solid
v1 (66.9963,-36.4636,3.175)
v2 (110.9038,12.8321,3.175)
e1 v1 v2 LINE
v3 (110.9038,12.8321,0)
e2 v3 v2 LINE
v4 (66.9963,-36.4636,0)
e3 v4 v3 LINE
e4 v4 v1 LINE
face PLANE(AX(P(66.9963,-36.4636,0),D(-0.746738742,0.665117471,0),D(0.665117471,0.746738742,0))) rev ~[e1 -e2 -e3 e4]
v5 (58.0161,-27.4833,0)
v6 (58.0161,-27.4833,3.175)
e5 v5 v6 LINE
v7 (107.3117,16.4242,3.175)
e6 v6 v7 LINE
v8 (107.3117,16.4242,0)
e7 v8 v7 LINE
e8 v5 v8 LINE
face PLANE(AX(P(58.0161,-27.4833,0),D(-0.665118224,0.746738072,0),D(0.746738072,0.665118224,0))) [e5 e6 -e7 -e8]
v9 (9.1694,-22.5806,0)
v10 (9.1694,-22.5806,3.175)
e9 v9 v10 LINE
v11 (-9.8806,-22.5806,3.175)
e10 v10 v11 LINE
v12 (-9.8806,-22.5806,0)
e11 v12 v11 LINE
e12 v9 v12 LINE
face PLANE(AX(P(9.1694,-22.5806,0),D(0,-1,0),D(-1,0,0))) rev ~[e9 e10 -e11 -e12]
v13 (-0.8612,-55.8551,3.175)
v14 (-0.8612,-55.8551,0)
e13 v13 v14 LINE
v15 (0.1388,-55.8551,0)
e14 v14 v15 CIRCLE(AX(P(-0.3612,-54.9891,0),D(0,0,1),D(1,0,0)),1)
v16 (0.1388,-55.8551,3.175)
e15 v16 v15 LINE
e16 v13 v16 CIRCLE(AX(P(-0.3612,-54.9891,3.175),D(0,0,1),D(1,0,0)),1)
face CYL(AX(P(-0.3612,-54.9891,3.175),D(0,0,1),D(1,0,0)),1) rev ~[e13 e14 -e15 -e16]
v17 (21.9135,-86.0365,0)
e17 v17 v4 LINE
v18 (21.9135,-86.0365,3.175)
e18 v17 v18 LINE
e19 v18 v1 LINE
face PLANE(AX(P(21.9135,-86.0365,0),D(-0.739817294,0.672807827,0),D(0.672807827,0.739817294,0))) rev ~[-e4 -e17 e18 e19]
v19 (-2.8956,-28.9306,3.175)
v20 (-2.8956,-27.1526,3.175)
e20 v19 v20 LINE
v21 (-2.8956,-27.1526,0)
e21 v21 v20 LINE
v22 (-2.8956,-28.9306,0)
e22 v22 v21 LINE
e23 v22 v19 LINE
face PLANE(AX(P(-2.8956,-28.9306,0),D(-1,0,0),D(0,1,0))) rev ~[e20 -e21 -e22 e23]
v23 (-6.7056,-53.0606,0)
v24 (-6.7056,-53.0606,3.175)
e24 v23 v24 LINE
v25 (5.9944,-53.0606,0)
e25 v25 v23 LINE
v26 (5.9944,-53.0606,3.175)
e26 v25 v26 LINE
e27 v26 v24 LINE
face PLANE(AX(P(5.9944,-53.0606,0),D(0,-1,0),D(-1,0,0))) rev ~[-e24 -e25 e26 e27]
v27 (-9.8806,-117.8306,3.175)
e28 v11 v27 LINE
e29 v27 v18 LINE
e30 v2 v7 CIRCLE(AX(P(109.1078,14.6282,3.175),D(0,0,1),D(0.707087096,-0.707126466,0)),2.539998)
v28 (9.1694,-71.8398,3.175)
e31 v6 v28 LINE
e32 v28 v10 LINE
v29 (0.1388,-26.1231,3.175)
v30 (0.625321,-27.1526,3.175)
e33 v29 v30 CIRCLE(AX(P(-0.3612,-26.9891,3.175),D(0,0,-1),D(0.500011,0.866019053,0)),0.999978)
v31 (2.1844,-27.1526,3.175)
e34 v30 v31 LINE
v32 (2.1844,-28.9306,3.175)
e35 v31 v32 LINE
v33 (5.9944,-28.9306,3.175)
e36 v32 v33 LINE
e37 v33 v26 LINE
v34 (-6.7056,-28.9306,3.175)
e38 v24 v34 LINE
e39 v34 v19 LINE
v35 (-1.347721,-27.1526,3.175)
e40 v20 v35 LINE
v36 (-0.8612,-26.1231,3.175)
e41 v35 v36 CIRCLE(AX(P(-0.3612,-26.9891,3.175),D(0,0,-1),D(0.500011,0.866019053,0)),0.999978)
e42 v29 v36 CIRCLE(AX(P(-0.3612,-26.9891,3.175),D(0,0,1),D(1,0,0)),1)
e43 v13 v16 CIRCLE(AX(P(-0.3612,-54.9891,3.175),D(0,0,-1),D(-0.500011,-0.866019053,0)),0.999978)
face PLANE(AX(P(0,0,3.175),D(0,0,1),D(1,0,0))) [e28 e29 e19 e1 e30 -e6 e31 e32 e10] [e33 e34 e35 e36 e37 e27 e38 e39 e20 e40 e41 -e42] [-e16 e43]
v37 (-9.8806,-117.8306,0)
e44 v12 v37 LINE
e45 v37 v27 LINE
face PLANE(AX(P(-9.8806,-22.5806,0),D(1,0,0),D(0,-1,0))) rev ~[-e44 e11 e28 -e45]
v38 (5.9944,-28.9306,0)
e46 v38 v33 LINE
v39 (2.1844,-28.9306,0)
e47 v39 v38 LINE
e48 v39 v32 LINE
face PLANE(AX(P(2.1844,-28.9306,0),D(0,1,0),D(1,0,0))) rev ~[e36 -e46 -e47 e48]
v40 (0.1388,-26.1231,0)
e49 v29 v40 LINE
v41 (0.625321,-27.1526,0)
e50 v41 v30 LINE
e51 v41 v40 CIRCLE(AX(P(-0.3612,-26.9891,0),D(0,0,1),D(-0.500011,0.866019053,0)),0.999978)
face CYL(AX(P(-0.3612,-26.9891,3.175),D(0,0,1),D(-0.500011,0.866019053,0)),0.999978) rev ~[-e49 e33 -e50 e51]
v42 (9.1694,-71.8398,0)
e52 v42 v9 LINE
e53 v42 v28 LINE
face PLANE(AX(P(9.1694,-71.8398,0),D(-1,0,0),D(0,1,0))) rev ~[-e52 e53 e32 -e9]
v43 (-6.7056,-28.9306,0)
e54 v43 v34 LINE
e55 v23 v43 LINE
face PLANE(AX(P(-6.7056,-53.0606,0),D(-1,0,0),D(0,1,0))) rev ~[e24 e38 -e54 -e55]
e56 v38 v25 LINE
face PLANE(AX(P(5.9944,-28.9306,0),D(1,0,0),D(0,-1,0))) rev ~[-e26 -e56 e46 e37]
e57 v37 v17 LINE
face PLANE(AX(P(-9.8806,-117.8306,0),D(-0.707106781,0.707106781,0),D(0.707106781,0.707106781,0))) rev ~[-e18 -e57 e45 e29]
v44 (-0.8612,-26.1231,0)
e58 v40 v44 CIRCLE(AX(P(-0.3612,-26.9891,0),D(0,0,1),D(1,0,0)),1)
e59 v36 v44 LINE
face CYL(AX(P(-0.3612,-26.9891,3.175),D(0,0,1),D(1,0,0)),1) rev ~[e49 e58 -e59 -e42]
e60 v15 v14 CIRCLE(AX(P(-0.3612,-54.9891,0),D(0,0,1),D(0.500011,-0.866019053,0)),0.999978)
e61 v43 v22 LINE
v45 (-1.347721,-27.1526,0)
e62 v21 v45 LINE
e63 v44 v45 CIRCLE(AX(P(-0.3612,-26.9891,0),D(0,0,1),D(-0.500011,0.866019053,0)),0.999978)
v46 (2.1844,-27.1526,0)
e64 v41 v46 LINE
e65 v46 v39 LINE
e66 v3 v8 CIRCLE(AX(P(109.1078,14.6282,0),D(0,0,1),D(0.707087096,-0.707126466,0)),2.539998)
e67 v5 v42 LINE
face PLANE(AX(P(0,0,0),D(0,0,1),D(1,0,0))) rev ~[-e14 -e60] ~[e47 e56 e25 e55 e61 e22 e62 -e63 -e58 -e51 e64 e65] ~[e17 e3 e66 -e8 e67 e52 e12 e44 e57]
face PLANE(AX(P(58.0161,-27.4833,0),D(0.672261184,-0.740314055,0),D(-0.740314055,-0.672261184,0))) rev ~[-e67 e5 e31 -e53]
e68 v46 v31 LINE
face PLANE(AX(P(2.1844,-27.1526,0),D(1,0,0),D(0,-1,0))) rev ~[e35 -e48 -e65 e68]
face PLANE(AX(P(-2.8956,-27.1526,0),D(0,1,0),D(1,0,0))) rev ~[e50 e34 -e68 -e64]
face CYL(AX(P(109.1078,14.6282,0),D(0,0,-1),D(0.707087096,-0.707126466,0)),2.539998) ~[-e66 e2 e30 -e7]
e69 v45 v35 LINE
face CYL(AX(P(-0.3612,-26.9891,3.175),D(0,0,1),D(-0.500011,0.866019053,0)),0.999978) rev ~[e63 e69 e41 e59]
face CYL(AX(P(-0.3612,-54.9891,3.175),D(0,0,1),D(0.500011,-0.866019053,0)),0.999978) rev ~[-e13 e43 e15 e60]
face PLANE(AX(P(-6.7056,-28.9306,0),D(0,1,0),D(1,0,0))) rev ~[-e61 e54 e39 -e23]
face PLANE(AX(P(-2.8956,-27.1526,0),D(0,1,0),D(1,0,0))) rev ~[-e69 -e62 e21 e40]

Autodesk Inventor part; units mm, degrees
ref_plane "YZ Plane" through (0, 0, 0) normal (1, 0, 0) x (0, 1, 0)
ref_plane "XZ Plane" through (0, 0, 0) normal (0, 1, 0) x (-1, 0, 0)
ref_plane "XY Plane" through (0, 0, 0) normal (0, 0, 1) x (1, 0, 0)
sketch "Sketch1" plane through (0, 0, 0) normal (0, 0, 1) x (1, 0, 0)
  circle A0 centre (-2.4288, -33.7476) radius 3.75 construction
  line L0 (-6.7056, -28.9306) -> (5.9944, -28.9306)
  line L1 (5.9944, -28.9306) -> (5.9944, -53.0606)
  line L2 (5.9944, -53.0606) -> (-6.7056, -53.0606)
  line L3 (-6.7056, -53.0606) -> (-6.7056, -28.9306)
  line L4 (9.1694, -22.5806) -> (-9.8806, -22.5806)
  line L5 (-9.8806, -22.5806) -> (-9.8806, -117.8306)
  line L6 (9.1694, -71.8398) -> (9.1694, -22.5806)
  line L7 (58.0161, -27.4833) -> (9.1694, -71.8398)
  line L8 (-9.8806, -117.8306) -> (53.7075, -54.2425) construction
  line L9 (115.843, 7.893) -> (102.3726, 21.3634) construction
  line L10 (102.3726, 21.3634) -> (71.3049, -9.7044) construction
  line L11 (5.9944, -38.1) -> (9.1694, -38.1) construction
  line L12 (-6.7056, -38.1) -> (-9.8806, -38.1) construction
  line L13 (53.7075, -54.2425) -> (40.2371, -40.7721) construction
  line L14 (53.7075, -54.2425) -> (84.7753, -23.1747) construction
  line L15 (40.2371, -40.7721) -> (9.1694, -71.8398) construction
  line L16 (84.7753, -23.1747) -> (71.3049, -9.7044) construction
  line L17 (21.9135, -86.0365) -> (9.1694, -71.8398) construction
  arc A1 (107.3117, 16.4242) -> (110.9038, 12.8321) centre (109.1078, 14.6282) ccw construction
  line L18 (84.7753, -23.1747) -> (115.843, 7.893) construction
  line L19 (71.3049, -9.7044) -> (40.2371, -40.7721) construction
  line L20 (69.2414, -38.7086) -> (55.771, -25.2382) construction
  line L21 (21.9135, -86.0365) -> (66.9963, -36.4636)
  line L22 (-9.8806, -117.8306) -> (21.9135, -86.0365)
  line L23 (66.9963, -36.4636) -> (110.9038, 12.8321)
  line L24 (58.0161, -27.4833) -> (107.3117, 16.4242)
  arc A2 (110.9038, 12.8321) -> (107.3117, 16.4242) centre (109.1078, 14.6282) ccw
  line L25 (2.1844, -28.9306) -> (-2.8956, -28.9306)
  line L26 (-2.8956, -28.9306) -> (-2.8956, -27.1526)
  line L27 (-2.8956, -27.1526) -> (2.1844, -27.1526)
  line L28 (2.1844, -27.1526) -> (2.1844, -28.9306)
  line L29 (5.6388, -37.0253) -> (5.6388, -52.2891) projected
  line L30 (5.4388, -52.4891) -> (-6.1612, -52.4891) projected
  dimension "d4" = 5.9944
  dimension "d5" = 5.9944
  dimension "d6" = 12.7
  dimension "d7" = 24.13
  dimension "d8" = 19.05
  dimension "d9" = 95.25
  dimension "d10" = 6.35
  dimension "d12" = 19.05
  dimension "d13" = 177.8
  dimension "d14" = 45
  dimension "d15" = 5.08
  dimension "d16" = 3.175
  dimension "d17" = 3.175
  dimension "d20" = 1.778
  dimension "d21" = 5.08
  dimension "d22" = 3.81
  dimension "d23" = 0.7056
  dimension "d24" = 0.5715
extrude "Extrusion1" add sketch "Sketch1" along normal blind 3.175
sketch "Sketch2" plane through (0, 0, 3.175) normal (0, 0, 1) x (1, 0, 0)
  arc A0 (-0.8612, -26.1231) -> (0.1388, -26.1231) centre (-0.3612, -26.9891) ccw projected
  arc A1 (0.1388, -55.8551) -> (-0.8612, -55.8551) centre (-0.3612, -54.9891) ccw projected
  circle A2 centre (-0.3612, -54.9891) radius 1
  circle A3 centre (-0.3612, -26.9891) radius 1
  point P0 (0, 0)
extrude "Extrusion2" cut sketch "Sketch2" against normal up to next
properties part number "Toe"
